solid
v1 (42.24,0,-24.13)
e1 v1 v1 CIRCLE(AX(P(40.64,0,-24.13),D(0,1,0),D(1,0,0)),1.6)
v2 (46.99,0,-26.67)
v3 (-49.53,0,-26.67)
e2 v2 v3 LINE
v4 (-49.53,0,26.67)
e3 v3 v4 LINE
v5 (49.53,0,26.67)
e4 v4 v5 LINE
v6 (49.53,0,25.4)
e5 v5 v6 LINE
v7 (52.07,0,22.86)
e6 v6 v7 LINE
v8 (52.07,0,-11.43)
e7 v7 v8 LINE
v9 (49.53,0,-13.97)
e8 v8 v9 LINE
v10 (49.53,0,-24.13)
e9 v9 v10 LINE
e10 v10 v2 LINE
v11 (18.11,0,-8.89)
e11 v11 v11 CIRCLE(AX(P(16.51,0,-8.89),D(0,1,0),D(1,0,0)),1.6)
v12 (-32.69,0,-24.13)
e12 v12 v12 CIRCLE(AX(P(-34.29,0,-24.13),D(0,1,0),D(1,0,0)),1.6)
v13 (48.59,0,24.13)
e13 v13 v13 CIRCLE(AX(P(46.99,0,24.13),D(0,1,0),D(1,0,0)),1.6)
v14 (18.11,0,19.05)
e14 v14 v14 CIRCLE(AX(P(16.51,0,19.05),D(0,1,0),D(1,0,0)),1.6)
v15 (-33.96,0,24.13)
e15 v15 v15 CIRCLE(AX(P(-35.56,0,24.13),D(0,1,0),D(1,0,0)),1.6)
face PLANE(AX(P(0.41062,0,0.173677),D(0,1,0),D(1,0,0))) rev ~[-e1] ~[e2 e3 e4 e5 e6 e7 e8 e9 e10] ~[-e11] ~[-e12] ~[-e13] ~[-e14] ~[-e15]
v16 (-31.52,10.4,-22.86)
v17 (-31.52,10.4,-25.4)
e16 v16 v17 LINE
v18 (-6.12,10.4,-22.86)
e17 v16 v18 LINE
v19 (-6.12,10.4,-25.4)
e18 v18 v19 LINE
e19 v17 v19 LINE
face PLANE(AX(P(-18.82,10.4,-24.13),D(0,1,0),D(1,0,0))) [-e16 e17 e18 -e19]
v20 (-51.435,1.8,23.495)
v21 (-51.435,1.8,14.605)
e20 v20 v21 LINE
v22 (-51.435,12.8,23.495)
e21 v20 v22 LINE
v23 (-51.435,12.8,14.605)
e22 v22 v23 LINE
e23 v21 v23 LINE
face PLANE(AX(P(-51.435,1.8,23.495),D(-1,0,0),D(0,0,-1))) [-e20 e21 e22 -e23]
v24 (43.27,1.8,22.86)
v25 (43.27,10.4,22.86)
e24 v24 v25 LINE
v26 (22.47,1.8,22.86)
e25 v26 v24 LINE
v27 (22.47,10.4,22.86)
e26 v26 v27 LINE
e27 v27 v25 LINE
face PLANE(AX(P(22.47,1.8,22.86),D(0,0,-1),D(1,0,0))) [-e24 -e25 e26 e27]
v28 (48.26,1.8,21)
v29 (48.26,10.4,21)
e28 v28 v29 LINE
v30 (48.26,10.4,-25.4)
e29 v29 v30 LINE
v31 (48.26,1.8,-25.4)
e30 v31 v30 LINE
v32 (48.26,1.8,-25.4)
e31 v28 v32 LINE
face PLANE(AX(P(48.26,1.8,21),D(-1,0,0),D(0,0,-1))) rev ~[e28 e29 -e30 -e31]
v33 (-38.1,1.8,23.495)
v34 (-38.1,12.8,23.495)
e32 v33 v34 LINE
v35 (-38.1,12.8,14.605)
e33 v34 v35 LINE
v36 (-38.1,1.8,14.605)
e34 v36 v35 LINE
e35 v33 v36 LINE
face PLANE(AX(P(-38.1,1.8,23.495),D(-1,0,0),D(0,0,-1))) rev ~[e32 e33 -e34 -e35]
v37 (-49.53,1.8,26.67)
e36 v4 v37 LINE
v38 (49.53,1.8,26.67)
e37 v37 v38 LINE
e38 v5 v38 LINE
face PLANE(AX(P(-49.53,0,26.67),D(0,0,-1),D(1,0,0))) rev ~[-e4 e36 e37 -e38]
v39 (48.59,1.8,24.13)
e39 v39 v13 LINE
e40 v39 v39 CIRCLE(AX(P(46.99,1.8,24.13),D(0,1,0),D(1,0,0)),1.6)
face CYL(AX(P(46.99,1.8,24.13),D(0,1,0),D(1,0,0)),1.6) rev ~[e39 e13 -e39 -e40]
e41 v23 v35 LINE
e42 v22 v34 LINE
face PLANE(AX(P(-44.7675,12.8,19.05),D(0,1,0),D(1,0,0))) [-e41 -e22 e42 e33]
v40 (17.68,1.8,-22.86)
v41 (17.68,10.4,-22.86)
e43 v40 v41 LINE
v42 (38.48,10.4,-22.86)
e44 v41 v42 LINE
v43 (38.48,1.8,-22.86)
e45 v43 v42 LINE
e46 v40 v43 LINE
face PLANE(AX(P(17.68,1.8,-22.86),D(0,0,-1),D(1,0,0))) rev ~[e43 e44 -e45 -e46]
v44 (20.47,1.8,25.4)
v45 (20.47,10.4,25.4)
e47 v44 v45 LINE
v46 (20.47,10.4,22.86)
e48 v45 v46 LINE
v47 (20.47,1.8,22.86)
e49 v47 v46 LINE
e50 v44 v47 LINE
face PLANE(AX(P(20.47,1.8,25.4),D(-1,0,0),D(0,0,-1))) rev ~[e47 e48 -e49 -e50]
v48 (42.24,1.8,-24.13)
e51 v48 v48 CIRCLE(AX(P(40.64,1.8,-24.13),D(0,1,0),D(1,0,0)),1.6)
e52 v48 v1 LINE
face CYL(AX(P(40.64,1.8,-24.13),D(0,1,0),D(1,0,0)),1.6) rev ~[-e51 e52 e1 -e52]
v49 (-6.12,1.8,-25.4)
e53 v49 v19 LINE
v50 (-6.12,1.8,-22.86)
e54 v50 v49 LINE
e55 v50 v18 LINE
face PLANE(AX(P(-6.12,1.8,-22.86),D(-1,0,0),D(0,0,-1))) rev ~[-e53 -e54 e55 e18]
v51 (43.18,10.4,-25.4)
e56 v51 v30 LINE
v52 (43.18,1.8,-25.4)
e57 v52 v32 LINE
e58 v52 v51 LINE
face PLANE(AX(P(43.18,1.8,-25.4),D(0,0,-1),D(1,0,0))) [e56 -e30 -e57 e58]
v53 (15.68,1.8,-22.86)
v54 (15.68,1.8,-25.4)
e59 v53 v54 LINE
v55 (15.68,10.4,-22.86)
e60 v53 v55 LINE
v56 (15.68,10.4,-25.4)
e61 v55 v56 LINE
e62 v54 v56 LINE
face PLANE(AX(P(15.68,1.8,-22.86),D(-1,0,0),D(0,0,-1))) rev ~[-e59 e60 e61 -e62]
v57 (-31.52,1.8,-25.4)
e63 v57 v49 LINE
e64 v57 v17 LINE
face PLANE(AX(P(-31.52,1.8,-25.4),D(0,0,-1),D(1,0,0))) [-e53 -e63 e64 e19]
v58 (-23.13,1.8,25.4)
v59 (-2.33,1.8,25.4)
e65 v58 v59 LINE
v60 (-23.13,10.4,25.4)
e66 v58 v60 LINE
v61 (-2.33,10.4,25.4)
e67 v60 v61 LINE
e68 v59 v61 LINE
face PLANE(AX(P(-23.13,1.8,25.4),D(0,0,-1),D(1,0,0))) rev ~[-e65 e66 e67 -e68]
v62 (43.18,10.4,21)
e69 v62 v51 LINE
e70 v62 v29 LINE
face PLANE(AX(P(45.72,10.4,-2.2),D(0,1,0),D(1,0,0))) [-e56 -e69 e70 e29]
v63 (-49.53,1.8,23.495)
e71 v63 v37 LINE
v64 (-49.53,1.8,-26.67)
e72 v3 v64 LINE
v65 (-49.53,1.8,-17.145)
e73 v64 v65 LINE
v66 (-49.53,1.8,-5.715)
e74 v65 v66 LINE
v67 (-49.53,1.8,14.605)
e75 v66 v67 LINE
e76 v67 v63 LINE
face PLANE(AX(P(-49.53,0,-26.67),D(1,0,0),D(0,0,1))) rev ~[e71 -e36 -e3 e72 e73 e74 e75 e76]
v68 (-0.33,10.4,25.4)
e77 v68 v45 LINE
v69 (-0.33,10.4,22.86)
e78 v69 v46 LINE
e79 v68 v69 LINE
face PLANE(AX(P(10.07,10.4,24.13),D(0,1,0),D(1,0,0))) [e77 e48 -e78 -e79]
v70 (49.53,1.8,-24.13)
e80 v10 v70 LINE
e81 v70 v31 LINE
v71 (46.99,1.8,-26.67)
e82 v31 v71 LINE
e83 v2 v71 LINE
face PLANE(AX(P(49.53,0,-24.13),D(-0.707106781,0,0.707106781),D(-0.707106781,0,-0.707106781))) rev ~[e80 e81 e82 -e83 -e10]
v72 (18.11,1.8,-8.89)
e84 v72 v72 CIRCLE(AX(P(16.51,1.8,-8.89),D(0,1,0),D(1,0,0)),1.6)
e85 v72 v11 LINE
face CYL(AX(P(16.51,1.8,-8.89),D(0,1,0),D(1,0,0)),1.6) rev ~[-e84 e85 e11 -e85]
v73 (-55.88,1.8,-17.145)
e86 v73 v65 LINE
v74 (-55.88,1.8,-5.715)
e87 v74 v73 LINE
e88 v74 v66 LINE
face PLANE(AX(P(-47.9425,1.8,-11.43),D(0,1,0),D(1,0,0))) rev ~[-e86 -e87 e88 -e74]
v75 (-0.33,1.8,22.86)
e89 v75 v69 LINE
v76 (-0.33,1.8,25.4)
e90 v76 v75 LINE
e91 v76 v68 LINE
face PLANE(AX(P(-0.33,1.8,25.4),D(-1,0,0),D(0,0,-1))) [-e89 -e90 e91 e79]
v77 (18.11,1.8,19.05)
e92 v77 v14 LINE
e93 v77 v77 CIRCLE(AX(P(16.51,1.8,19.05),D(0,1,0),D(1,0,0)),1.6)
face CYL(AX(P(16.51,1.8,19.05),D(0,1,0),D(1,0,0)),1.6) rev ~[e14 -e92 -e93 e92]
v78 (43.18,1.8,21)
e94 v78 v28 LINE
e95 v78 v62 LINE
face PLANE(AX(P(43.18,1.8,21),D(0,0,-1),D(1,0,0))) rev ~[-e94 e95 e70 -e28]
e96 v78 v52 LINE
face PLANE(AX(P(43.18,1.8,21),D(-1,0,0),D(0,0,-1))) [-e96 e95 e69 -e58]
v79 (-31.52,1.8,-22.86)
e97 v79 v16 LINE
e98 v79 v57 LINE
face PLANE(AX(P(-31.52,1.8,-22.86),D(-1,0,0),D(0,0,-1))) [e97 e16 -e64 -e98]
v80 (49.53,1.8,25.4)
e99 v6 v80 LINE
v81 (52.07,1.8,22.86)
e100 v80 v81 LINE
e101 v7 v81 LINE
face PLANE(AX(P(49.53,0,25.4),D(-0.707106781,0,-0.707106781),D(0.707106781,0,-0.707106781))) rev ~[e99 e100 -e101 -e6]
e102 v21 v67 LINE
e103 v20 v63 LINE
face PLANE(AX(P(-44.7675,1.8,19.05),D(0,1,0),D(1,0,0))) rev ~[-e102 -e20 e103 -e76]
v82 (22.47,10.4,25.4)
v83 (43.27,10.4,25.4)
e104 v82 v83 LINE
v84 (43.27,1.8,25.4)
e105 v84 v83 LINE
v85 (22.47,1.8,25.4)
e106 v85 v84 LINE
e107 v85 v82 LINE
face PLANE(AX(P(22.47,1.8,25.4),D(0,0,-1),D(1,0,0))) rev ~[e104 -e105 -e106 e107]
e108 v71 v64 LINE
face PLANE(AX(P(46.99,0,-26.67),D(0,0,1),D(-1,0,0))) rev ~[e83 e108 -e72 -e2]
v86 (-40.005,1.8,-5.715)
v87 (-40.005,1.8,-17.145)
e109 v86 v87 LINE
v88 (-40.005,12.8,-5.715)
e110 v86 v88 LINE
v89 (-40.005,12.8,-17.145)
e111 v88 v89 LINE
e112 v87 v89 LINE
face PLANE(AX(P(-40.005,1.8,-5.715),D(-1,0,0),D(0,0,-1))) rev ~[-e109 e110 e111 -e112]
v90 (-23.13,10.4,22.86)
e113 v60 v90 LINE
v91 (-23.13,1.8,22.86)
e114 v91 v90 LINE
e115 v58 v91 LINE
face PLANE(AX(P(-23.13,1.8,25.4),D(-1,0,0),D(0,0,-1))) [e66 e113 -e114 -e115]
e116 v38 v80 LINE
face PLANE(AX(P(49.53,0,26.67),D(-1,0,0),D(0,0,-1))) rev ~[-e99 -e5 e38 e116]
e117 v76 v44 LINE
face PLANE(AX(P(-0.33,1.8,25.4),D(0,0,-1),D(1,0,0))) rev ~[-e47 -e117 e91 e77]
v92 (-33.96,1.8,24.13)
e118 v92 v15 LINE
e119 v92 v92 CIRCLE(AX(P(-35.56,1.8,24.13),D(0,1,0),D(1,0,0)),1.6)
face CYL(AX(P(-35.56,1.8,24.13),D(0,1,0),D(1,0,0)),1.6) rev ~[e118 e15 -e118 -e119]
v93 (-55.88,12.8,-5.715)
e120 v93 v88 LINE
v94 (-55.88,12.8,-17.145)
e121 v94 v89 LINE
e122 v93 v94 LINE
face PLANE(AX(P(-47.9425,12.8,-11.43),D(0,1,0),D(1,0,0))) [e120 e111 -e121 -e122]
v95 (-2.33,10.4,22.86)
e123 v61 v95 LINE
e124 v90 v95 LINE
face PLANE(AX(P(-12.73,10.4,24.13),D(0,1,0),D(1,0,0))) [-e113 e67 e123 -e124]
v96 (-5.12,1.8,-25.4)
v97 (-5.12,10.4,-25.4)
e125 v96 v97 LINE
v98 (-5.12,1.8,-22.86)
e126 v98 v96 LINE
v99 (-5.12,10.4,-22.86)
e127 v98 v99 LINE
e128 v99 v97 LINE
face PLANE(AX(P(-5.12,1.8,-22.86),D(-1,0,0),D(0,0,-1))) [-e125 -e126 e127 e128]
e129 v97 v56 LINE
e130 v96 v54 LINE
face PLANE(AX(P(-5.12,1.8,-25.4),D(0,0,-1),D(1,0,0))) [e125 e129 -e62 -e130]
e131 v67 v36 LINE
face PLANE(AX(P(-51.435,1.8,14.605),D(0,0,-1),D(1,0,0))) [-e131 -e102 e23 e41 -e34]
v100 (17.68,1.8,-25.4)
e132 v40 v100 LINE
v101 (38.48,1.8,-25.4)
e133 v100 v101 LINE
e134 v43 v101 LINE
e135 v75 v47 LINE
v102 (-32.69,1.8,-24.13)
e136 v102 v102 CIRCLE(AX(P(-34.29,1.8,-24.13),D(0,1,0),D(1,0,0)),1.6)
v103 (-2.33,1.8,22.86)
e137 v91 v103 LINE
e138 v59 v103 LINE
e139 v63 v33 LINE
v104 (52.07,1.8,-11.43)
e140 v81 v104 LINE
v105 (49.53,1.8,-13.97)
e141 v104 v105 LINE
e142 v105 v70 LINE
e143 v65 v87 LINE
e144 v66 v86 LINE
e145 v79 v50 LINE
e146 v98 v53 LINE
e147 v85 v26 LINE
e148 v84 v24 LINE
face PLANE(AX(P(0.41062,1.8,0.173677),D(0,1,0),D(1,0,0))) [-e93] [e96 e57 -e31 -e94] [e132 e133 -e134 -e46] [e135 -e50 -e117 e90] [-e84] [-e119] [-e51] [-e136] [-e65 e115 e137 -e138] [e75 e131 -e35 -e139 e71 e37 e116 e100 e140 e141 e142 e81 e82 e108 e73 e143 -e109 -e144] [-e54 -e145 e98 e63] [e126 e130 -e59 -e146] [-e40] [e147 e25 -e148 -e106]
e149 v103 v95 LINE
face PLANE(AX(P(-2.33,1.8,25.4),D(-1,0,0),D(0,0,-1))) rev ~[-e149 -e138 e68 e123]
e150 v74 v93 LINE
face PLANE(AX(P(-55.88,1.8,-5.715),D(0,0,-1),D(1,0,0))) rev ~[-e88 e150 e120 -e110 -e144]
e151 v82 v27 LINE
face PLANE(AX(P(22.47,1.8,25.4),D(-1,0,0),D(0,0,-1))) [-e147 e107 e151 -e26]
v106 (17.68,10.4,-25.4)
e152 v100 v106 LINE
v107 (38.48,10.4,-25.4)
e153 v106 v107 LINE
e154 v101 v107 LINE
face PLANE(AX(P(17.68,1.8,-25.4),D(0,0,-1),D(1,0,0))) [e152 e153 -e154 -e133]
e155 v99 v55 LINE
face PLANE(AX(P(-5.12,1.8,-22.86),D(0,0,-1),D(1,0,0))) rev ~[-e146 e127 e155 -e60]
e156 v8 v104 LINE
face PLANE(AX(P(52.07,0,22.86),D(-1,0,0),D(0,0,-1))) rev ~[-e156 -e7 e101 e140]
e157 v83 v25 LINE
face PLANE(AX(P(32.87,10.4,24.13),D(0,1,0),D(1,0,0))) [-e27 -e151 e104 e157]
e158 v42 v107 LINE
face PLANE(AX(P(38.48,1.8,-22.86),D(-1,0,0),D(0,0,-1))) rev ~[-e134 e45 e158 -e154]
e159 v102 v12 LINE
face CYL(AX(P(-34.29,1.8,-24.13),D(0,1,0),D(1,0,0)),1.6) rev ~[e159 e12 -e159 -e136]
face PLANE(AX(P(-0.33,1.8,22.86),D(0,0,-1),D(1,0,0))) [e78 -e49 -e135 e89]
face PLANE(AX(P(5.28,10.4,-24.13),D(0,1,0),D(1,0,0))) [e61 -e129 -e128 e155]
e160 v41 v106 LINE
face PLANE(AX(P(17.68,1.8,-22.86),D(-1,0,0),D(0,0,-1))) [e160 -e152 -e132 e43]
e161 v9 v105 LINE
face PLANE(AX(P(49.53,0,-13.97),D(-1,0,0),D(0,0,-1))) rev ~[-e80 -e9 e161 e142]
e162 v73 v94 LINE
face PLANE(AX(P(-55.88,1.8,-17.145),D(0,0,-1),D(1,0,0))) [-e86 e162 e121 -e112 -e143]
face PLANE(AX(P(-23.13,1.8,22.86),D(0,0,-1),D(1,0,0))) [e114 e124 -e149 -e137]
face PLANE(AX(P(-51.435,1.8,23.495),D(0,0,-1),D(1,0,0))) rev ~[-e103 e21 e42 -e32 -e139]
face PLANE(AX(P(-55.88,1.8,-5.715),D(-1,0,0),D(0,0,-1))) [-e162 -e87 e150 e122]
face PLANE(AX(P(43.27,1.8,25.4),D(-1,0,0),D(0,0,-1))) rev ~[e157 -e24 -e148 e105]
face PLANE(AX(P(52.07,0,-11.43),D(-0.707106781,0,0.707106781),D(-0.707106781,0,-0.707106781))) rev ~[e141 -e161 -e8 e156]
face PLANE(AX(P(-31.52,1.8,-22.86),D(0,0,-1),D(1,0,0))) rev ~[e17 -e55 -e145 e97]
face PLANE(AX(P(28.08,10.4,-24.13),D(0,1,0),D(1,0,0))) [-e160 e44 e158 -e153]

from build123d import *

# Parameters (mm, degrees)
BOSS_EXTRUDE1_DEPTH = 1.8
CUT_EXTRUDE1_REACH  = 3.8
SKETCH2_R           = 1.6
SKETCH3_W           = 15.875
SKETCH3_H           = 11.43
BOSS_EXTRUDE2_DEPTH = 11
SKETCH4_W           = 13.335
SKETCH4_H           = 8.89
BOSS_EXTRUDE3_DEPTH = 11
SKETCH5_W           = 20.8
SKETCH5_H           = 2.54
SKETCH5_W_2         = 5.08
SKETCH5_H_2         = 46.4
SKETCH5_W_3         = 25.4
BOSS_EXTRUDE4_DEPTH = 8.6


with BuildPart() as part:
    # Sketch1 → Boss-Extrude1 (new body)
    with BuildSketch(Plane(origin=(0, 0, 0), x_dir=(1, 0, 0), z_dir=(0, 1, 0))):
        Polygon((-49.53, -26.67), (49.53, -26.67), (49.53, -25.4), (52.07, -22.86), (52.07, 11.43), (49.53, 13.97), (49.53, 24.13), (46.99, 26.67), (-49.53, 26.67), align=None)
    extrude(amount=BOSS_EXTRUDE1_DEPTH)

    # Sketch2 → Cut-Extrude1 (cut, up to next)
    with BuildSketch(Plane(origin=(0, 1.8, 0), x_dir=(1, 0, 0), z_dir=(0, 1, 0)), mode=Mode.PRIVATE) as cut_extrude1_sk1:
        with Locations((-35.56, -24.13)):
            Circle(SKETCH2_R)
    cut_extrude1_tool1 = extrude(cut_extrude1_sk1.sketch, amount=-CUT_EXTRUDE1_REACH, mode=Mode.PRIVATE) & part.part
    add(cut_extrude1_tool1.solids().sort_by_distance((-35.56, 1.8, 24.13))[0], mode=Mode.SUBTRACT)
    # Sketch2 → Cut-Extrude1 (cut, up to next)
    with BuildSketch(Plane(origin=(0, 1.8, 0), x_dir=(1, 0, 0), z_dir=(0, 1, 0)), mode=Mode.PRIVATE) as cut_extrude1_sk2:
        with Locations((16.51, -19.05)):
            Circle(SKETCH2_R)
    cut_extrude1_tool2 = extrude(cut_extrude1_sk2.sketch, amount=-CUT_EXTRUDE1_REACH, mode=Mode.PRIVATE) & part.part
    add(cut_extrude1_tool2.solids().sort_by_distance((16.51, 1.8, 19.05))[0], mode=Mode.SUBTRACT)
    # Sketch2 → Cut-Extrude1 (cut, up to next)
    with BuildSketch(Plane(origin=(0, 1.8, 0), x_dir=(1, 0, 0), z_dir=(0, 1, 0)), mode=Mode.PRIVATE) as cut_extrude1_sk3:
        with Locations((16.51, 8.89)):
            Circle(SKETCH2_R)
    cut_extrude1_tool3 = extrude(cut_extrude1_sk3.sketch, amount=-CUT_EXTRUDE1_REACH, mode=Mode.PRIVATE) & part.part
    add(cut_extrude1_tool3.solids().sort_by_distance((16.51, 1.8, -8.89))[0], mode=Mode.SUBTRACT)
    # Sketch2 → Cut-Extrude1 (cut, up to next)
    with BuildSketch(Plane(origin=(0, 1.8, 0), x_dir=(1, 0, 0), z_dir=(0, 1, 0)), mode=Mode.PRIVATE) as cut_extrude1_sk4:
        with Locations((46.99, -24.13)):
            Circle(SKETCH2_R)
    cut_extrude1_tool4 = extrude(cut_extrude1_sk4.sketch, amount=-CUT_EXTRUDE1_REACH, mode=Mode.PRIVATE) & part.part
    add(cut_extrude1_tool4.solids().sort_by_distance((46.99, 1.8, 24.13))[0], mode=Mode.SUBTRACT)
    # Sketch2 → Cut-Extrude1 (cut, up to next)
    with BuildSketch(Plane(origin=(0, 1.8, 0), x_dir=(1, 0, 0), z_dir=(0, 1, 0)), mode=Mode.PRIVATE) as cut_extrude1_sk5:
        with Locations((40.64, 24.13)):
            Circle(SKETCH2_R)
    cut_extrude1_tool5 = extrude(cut_extrude1_sk5.sketch, amount=-CUT_EXTRUDE1_REACH, mode=Mode.PRIVATE) & part.part
    add(cut_extrude1_tool5.solids().sort_by_distance((40.64, 1.8, -24.13))[0], mode=Mode.SUBTRACT)
    # Sketch2 → Cut-Extrude1 (cut, up to next)
    with BuildSketch(Plane(origin=(0, 1.8, 0), x_dir=(1, 0, 0), z_dir=(0, 1, 0)), mode=Mode.PRIVATE) as cut_extrude1_sk6:
        with Locations((-34.29, 24.13)):
            Circle(SKETCH2_R)
    cut_extrude1_tool6 = extrude(cut_extrude1_sk6.sketch, amount=-CUT_EXTRUDE1_REACH, mode=Mode.PRIVATE) & part.part
    add(cut_extrude1_tool6.solids().sort_by_distance((-34.29, 1.8, -24.13))[0], mode=Mode.SUBTRACT)

    # Sketch3 → Boss-Extrude2 (add)
    with BuildSketch(Plane(origin=(0, 1.8, 0), x_dir=(1, 0, 0), z_dir=(0, 1, 0))):
        with Locations((-47.9425, 11.43)):
            Rectangle(SKETCH3_W, SKETCH3_H)
    extrude(amount=BOSS_EXTRUDE2_DEPTH)

    # Sketch4 → Boss-Extrude3 (add)
    with BuildSketch(Plane(origin=(0, 1.8, 0), x_dir=(1, 0, 0), z_dir=(0, 1, 0))):
        with Locations((-44.7675, -19.05)):
            Rectangle(SKETCH4_W, SKETCH4_H)
    extrude(amount=BOSS_EXTRUDE3_DEPTH)

    # Sketch5 → Boss-Extrude4 (add)
    with BuildSketch(Plane(origin=(0, 1.8, 0), x_dir=(1, 0, 0), z_dir=(0, 1, 0))):
        with Locations((-12.73, -24.13)):
            Rectangle(SKETCH5_W, SKETCH5_H)
        with Locations((10.07, -24.13)):
            Rectangle(SKETCH5_W, SKETCH5_H)
        with Locations((32.87, -24.13)):
            Rectangle(SKETCH5_W, SKETCH5_H)
        with Locations((45.72, 2.2)):
            Rectangle(SKETCH5_W_2, SKETCH5_H_2)
        with Locations((28.08, 24.13)):
            Rectangle(SKETCH5_W, SKETCH5_H)
        with Locations((5.28, 24.13)):
            Rectangle(SKETCH5_W, SKETCH5_H)
        with Locations((-18.82, 24.13)):
            Rectangle(SKETCH5_W_3, SKETCH5_H)
    extrude(amount=BOSS_EXTRUDE4_DEPTH)


solid = part.part
